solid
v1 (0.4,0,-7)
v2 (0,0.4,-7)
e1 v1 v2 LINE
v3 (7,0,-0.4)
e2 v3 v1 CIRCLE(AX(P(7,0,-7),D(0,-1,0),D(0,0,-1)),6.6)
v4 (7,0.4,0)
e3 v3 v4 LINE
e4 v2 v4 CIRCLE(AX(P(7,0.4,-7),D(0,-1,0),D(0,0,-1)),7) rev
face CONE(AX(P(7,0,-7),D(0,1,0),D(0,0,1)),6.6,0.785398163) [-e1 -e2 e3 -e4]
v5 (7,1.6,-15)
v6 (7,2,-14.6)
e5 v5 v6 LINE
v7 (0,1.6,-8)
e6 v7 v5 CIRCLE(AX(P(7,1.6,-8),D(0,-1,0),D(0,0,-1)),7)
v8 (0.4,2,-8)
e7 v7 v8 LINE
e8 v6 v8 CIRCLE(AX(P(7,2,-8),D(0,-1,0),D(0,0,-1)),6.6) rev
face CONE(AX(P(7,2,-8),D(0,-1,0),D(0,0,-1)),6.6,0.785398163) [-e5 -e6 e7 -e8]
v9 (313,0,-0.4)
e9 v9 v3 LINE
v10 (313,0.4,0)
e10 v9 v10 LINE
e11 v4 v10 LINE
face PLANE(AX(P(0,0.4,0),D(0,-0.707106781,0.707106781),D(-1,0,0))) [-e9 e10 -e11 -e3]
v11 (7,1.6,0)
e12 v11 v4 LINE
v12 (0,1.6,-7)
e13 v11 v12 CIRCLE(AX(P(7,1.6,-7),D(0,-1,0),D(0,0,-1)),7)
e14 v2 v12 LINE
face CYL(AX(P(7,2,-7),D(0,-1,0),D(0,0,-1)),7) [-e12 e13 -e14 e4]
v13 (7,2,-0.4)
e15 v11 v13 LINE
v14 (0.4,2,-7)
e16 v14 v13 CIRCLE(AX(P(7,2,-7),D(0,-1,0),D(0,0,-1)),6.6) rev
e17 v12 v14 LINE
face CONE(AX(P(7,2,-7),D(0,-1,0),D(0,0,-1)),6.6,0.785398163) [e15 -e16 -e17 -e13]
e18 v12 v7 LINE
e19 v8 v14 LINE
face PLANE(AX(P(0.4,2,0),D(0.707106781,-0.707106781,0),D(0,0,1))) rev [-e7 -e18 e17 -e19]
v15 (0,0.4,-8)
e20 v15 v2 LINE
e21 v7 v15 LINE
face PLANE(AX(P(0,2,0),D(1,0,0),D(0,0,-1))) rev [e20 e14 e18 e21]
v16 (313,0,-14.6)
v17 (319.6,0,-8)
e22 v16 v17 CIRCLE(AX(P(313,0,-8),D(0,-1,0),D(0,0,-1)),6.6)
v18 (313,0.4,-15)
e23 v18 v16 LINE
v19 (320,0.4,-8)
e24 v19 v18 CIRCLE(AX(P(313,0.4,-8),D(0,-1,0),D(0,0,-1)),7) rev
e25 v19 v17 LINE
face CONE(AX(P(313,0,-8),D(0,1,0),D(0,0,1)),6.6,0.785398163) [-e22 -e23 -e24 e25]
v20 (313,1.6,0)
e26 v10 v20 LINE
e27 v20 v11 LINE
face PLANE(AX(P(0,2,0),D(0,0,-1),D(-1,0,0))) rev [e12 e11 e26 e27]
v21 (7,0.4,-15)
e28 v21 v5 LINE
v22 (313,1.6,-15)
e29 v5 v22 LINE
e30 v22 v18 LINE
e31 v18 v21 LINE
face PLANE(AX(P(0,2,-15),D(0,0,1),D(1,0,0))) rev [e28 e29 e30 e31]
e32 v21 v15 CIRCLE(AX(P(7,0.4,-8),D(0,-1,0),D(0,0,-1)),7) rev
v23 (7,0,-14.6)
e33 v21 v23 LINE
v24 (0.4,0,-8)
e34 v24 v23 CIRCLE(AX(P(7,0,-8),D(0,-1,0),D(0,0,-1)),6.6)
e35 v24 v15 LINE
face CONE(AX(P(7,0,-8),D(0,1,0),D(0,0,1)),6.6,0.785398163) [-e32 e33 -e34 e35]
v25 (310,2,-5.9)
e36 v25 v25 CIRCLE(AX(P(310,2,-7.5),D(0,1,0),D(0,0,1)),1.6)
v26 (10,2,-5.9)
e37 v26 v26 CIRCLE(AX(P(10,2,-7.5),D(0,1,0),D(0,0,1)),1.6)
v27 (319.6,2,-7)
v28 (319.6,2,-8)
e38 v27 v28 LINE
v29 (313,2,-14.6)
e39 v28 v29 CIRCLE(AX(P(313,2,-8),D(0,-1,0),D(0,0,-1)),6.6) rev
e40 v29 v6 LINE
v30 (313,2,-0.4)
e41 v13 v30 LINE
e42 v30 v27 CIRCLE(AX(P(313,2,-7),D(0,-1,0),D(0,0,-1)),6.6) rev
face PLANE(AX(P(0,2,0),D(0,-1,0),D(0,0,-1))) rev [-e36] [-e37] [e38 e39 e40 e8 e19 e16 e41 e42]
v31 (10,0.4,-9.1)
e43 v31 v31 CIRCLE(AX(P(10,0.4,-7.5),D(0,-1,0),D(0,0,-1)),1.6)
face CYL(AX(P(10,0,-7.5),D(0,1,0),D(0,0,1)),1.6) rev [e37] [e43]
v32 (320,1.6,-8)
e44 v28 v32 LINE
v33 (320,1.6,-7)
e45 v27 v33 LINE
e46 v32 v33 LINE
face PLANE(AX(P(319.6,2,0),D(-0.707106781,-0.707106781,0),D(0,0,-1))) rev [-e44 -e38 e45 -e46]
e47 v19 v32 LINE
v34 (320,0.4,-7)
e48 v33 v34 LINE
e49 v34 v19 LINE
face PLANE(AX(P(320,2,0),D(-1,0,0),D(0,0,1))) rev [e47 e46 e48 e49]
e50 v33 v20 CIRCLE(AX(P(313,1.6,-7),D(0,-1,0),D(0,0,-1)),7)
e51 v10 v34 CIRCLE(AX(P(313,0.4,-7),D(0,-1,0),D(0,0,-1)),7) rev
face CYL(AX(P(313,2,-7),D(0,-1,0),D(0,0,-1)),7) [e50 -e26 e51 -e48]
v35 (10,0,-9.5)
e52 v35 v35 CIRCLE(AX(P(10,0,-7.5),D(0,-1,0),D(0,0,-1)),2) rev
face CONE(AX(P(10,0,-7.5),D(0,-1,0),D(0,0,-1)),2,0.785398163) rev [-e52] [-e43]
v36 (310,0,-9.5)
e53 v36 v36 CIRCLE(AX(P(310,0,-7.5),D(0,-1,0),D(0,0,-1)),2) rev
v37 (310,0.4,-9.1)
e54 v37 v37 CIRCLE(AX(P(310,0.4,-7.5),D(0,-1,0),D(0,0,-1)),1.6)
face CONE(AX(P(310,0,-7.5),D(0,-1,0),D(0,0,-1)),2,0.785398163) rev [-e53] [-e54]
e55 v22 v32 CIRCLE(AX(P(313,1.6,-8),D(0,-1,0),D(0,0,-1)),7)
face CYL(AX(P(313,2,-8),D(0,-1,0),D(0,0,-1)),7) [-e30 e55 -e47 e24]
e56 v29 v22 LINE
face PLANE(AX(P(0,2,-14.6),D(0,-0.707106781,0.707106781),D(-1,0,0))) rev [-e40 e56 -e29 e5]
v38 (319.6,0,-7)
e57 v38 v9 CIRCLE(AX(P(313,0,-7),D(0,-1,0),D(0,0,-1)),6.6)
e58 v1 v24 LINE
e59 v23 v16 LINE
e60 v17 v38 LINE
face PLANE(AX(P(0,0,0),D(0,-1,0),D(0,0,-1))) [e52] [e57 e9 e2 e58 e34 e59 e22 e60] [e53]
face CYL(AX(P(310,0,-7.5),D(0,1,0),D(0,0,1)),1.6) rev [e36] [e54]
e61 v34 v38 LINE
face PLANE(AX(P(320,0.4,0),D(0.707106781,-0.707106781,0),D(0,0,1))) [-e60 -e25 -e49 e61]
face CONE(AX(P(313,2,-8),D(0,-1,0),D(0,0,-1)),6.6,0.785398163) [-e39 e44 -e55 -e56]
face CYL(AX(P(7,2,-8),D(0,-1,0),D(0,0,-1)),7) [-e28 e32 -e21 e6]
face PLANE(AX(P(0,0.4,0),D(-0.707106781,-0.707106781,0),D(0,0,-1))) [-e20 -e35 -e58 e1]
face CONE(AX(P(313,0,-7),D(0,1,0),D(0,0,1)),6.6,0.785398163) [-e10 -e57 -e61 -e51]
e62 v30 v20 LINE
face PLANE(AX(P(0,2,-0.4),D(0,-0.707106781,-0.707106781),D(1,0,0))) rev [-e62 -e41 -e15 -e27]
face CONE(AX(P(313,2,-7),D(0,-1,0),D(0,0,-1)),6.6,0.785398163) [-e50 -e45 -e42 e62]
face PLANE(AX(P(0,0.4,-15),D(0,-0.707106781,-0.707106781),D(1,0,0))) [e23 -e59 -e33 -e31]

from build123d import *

# Parameters (mm, degrees)
SKETCH_1_W          = 320
SKETCH_1_H          = 15
EXTRUDE_1_DEPTH     = 2
SKETCH_2_R          = 1.6
CUT_EXTRUDE_1_DEPTH = 2
FILLET_1_R          = 7
CHAMFER_1_SIZE      = 0.4


with BuildPart() as part:
    # 草图1 → 凸台-拉伸1 (new body)
    with BuildSketch(Plane(origin=(0, 0, 0), x_dir=(1, 0, 0), z_dir=(0, 1, 0))):
        with Locations((160, 7.5)):
            Rectangle(SKETCH_1_W, SKETCH_1_H)
    extrude(amount=EXTRUDE_1_DEPTH)

    # 草图2 → 切除-拉伸1 (cut)
    with BuildSketch(Plane(origin=(0, 2, 0), x_dir=(1, 0, 0), z_dir=(0, 1, 0))):
        with Locations(Location((10, 7.5, 0), (0, 0, 270))):
            Circle(SKETCH_2_R)
        with Locations(Location((310, 7.5, 0), (0, 0, 270))):
            Circle(SKETCH_2_R)
    extrude(amount=-CUT_EXTRUDE_1_DEPTH, mode=Mode.SUBTRACT)

    # 圆角1
    fillet_1_edges = [part.edges().sort_by_distance(p)[0] for p in [
        (0, 1, -15),
        (320, 1, -15),
        (320, 1, 0),
        (0, 1, 0),
    ]]
    fillet(fillet_1_edges, radius=FILLET_1_R)

    # 倒角1
    chamfer_1_edges = [part.edges().sort_by_distance(p)[0] for p in [
        (10, 0, -9.1),
        (310, 0, -9.1),
        (160, 0, -15),
        (160, 2, -15),
        (0, 0, -7.5),
        (320, 0, -7.5),
        (160, 0, 0),
        (2.050252532, 0, -12.949747468),
        (2.050252532, 0, -2.050252532),
        (317.949747468, 0, -2.050252532),
        (317.949747468, 0, -12.949747468),
        (320, 2, -7.5),
        (0, 2, -7.5),
        (160, 2, 0),
        (2.050252532, 2, -12.949747468),
        (2.050252532, 2, -2.050252532),
        (317.949747468, 2, -2.050252532),
        (317.949747468, 2, -12.949747468),
    ]]
    chamfer(chamfer_1_edges, length=CHAMFER_1_SIZE)


solid = part.part
